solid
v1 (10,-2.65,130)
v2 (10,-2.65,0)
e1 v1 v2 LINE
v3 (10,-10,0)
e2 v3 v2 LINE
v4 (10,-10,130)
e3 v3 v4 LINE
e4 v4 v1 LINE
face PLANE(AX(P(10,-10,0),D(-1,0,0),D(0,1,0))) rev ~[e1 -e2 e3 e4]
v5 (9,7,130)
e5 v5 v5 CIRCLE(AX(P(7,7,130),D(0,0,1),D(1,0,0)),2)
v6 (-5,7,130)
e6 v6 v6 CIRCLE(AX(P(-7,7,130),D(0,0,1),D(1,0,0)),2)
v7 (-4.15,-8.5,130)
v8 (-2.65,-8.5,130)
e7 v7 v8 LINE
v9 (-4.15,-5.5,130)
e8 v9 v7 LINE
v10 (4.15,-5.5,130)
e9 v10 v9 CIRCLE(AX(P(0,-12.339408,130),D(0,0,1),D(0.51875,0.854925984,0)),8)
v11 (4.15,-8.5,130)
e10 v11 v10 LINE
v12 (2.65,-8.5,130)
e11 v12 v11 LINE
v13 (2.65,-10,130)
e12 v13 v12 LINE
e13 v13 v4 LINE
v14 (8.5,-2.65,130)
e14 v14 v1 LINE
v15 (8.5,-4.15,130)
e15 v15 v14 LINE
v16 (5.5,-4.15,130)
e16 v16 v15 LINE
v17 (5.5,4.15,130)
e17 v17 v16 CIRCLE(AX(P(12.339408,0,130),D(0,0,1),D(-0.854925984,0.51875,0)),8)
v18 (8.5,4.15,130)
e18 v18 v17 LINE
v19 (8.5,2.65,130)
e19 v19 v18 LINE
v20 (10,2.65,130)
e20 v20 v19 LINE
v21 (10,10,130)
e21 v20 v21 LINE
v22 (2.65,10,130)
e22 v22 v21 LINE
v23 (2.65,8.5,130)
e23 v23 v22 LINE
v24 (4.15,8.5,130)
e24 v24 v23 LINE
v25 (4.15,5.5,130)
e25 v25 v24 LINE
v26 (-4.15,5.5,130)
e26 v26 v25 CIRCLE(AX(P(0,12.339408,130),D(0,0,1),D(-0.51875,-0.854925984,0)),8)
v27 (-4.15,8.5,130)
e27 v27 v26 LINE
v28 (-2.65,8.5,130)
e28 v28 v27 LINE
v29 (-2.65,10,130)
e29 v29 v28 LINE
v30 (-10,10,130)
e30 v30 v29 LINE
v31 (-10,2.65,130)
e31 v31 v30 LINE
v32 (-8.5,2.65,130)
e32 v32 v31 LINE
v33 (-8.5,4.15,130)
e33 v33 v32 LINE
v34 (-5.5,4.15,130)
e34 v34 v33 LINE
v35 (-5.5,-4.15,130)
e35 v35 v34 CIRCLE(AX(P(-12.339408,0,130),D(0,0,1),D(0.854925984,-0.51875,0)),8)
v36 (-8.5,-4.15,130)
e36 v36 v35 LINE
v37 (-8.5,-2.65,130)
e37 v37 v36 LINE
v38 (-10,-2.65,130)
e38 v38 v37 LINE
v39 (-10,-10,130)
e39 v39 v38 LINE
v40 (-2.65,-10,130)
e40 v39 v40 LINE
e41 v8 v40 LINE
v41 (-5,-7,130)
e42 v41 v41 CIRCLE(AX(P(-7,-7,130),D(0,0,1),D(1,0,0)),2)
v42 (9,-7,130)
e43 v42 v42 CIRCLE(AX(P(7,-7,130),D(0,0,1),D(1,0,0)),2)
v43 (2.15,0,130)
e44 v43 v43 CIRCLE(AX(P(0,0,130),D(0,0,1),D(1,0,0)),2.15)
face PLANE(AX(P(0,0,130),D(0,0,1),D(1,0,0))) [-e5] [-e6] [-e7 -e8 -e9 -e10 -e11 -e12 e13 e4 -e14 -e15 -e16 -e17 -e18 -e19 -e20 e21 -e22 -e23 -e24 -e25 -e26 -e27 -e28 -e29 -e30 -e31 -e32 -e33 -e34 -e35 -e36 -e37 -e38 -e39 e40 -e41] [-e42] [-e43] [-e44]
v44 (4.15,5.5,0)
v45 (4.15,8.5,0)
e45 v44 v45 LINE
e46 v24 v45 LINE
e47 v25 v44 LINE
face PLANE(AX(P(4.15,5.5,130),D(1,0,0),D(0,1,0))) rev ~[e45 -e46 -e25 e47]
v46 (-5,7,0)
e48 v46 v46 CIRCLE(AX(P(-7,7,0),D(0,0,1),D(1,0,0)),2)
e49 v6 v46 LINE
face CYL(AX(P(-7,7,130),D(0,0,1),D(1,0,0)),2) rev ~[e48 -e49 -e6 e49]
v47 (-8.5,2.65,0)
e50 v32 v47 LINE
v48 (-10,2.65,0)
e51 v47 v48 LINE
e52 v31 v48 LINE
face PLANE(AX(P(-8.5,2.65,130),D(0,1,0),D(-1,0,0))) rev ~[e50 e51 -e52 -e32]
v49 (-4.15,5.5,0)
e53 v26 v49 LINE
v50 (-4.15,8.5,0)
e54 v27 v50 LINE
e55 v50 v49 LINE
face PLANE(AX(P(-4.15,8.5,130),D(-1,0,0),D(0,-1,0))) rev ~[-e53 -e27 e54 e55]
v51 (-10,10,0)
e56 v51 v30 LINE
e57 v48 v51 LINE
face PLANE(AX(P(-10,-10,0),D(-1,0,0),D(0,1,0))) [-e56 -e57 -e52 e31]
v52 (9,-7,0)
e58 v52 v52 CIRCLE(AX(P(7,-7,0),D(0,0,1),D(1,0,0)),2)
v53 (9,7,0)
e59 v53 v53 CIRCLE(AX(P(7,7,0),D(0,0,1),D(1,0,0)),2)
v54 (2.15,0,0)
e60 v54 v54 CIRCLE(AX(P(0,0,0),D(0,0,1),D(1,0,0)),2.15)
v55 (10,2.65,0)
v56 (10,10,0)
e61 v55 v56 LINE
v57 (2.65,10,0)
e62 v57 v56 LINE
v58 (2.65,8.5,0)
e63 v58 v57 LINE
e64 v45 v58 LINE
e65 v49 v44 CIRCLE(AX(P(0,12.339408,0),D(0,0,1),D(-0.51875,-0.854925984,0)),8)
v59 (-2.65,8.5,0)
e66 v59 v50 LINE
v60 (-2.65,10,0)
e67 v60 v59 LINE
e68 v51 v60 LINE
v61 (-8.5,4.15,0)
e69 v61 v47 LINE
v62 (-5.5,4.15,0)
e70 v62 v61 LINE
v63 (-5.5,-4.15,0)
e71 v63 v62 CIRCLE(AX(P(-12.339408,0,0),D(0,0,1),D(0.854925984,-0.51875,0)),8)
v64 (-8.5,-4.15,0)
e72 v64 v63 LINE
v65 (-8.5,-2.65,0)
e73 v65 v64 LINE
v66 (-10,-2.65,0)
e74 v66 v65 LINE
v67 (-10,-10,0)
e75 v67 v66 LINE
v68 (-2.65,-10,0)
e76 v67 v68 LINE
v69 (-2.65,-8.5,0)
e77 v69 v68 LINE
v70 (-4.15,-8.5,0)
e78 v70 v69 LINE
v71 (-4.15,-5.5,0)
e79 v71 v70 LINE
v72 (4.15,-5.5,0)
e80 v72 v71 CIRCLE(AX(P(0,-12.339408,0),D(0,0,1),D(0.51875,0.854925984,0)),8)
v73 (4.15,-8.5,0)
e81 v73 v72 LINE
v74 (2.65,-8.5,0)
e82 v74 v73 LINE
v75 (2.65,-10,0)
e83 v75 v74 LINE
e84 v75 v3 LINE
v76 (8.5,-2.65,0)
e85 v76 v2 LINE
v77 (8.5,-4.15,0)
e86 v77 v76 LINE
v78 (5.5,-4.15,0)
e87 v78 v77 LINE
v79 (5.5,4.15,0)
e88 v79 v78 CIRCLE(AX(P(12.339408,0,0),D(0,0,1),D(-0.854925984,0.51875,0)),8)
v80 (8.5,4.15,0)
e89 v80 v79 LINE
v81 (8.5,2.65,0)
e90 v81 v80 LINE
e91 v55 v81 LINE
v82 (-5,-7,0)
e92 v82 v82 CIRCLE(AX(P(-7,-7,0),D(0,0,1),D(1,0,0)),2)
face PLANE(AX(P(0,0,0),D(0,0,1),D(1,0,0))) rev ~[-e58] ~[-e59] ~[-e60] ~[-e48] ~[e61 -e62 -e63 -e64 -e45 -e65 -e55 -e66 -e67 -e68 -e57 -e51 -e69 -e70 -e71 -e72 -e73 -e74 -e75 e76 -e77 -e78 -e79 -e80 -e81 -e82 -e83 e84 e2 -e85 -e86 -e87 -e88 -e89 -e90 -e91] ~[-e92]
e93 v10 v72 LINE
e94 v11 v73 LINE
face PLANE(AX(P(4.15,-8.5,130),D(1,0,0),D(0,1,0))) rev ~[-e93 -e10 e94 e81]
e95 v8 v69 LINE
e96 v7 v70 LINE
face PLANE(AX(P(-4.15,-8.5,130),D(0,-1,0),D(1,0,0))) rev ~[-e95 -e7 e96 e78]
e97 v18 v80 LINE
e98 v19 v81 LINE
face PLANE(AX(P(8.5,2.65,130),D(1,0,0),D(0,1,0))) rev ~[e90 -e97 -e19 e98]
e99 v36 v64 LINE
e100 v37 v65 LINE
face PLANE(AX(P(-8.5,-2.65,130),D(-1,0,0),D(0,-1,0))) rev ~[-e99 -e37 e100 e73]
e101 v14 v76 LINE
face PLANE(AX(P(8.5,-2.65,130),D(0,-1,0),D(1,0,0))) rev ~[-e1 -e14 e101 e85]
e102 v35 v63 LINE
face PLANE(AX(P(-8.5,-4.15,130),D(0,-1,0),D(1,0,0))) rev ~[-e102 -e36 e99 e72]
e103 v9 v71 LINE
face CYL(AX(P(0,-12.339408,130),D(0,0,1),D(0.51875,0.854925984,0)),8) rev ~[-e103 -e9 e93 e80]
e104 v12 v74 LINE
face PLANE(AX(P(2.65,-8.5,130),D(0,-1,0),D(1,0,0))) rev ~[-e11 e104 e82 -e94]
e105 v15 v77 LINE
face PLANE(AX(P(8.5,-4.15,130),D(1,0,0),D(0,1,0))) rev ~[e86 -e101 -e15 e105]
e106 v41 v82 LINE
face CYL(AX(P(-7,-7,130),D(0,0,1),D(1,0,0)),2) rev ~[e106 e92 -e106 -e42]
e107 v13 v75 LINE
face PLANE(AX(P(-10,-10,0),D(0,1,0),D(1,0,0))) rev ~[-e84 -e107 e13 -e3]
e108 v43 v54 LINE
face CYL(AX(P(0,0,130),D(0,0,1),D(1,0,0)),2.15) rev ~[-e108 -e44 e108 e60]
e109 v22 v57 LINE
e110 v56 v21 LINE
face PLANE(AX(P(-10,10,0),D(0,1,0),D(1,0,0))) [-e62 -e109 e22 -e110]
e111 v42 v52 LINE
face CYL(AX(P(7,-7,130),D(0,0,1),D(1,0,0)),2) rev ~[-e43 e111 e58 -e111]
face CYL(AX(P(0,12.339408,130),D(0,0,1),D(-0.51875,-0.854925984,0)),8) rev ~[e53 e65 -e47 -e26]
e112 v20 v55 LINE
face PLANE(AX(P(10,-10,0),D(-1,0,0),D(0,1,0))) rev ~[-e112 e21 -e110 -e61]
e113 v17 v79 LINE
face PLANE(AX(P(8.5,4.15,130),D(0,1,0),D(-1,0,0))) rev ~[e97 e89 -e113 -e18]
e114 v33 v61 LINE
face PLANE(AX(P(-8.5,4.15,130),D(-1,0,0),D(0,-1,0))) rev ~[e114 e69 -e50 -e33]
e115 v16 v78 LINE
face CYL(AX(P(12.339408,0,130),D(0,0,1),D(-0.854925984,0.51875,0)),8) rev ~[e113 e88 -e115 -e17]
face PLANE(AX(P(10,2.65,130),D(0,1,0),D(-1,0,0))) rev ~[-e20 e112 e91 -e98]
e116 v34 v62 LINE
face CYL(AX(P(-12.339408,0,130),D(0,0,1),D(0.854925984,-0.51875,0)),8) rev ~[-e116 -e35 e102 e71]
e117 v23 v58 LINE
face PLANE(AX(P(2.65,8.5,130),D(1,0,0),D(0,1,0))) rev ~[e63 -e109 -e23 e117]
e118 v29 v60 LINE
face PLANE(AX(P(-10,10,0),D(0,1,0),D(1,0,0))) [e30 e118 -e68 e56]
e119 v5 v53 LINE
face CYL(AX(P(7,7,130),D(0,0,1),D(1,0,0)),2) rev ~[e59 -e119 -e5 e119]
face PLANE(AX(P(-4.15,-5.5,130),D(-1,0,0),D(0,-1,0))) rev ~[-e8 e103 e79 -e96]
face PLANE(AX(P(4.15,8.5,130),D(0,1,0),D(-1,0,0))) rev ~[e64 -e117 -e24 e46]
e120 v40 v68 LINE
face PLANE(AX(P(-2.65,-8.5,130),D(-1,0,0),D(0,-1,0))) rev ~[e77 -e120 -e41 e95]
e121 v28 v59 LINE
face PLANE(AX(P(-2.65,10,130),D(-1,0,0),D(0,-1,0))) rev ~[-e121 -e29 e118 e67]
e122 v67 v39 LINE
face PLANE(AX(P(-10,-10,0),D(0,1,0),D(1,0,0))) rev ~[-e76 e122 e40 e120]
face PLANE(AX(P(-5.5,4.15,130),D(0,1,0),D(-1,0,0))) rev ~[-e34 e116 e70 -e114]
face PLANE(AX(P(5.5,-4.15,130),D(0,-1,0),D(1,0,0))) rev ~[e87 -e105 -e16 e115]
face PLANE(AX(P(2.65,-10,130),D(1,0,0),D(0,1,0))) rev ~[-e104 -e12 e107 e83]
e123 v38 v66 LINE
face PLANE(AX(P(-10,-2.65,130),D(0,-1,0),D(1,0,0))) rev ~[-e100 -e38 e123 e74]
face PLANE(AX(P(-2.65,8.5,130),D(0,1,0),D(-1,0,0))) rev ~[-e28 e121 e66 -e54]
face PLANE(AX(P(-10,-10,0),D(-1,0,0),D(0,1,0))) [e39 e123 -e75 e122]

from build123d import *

# Parameters (mm, degrees)
SKETCH_1_W          = 20
SKETCH_1_H          = 20
EXTRUDE_1_DEPTH     = 130
SKETCH_2_R          = 2.15
SKETCH_2_R_2        = 2
CUT_EXTRUDE_1_DEPTH = 300


with BuildPart() as part:
    # 스케치1 → 보스-돌출1 (new body)
    with BuildSketch(Plane.XY):
        Rectangle(SKETCH_1_W, SKETCH_1_H)
    extrude(amount=EXTRUDE_1_DEPTH)

    # 스케치2 → 컷-돌출1 (cut)
    with BuildSketch(Plane.XY.offset(130)):
        Circle(SKETCH_2_R)
        with Locations((-7, 7)):
            Circle(SKETCH_2_R_2)
        with Locations((7, 7)):
            Circle(SKETCH_2_R_2)
        with Locations((7, -7)):
            Circle(SKETCH_2_R_2)
        with Locations((-7, -7)):
            Circle(SKETCH_2_R_2)
        with BuildLine():
            Line((-2.65, 10), (-2.65, 8.5))
            Line((-2.65, 8.5), (-4.15, 8.5))
            Line((-4.15, 8.5), (-4.15, 5.5))
            ThreePointArc((-4.15, 5.5), (0, 4.339407869), (4.15, 5.5))
            Line((4.15, 5.5), (4.15, 8.5))
            Line((4.15, 8.5), (2.65, 8.5))
            Line((2.65, 8.5), (2.65, 10))
            Line((2.65, 10), (-2.65, 10))
        make_face()
        with BuildLine():
            Line((10, 2.65), (8.5, 2.65))
            Line((8.5, 2.65), (8.5, 4.15))
            Line((8.5, 4.15), (5.5, 4.15))
            ThreePointArc((5.5, 4.15), (4.339407869, 0), (5.5, -4.15))
            Line((5.5, -4.15), (8.5, -4.15))
            Line((8.5, -4.15), (8.5, -2.65))
            Line((8.5, -2.65), (10, -2.65))
            Line((10, -2.65), (10, 2.65))
        make_face()
        with BuildLine():
            Line((2.65, -10), (2.65, -8.5))
            Line((2.65, -8.5), (4.15, -8.5))
            Line((4.15, -8.5), (4.15, -5.5))
            ThreePointArc((4.15, -5.5), (0, -4.339407869), (-4.15, -5.5))
            Line((-4.15, -5.5), (-4.15, -8.5))
            Line((-4.15, -8.5), (-2.65, -8.5))
            Line((-2.65, -8.5), (-2.65, -10))
            Line((-2.65, -10), (2.65, -10))
        make_face()
        with BuildLine():
            Line((-10, -2.65), (-8.5, -2.65))
            Line((-8.5, -2.65), (-8.5, -4.15))
            Line((-8.5, -4.15), (-5.5, -4.15))
            ThreePointArc((-5.5, -4.15), (-4.339407869, 0), (-5.5, 4.15))
            Line((-5.5, 4.15), (-8.5, 4.15))
            Line((-8.5, 4.15), (-8.5, 2.65))
            Line((-8.5, 2.65), (-10, 2.65))
            Line((-10, 2.65), (-10, -2.65))
        make_face()
    extrude(amount=-CUT_EXTRUDE_1_DEPTH, mode=Mode.SUBTRACT)


solid = part.part
